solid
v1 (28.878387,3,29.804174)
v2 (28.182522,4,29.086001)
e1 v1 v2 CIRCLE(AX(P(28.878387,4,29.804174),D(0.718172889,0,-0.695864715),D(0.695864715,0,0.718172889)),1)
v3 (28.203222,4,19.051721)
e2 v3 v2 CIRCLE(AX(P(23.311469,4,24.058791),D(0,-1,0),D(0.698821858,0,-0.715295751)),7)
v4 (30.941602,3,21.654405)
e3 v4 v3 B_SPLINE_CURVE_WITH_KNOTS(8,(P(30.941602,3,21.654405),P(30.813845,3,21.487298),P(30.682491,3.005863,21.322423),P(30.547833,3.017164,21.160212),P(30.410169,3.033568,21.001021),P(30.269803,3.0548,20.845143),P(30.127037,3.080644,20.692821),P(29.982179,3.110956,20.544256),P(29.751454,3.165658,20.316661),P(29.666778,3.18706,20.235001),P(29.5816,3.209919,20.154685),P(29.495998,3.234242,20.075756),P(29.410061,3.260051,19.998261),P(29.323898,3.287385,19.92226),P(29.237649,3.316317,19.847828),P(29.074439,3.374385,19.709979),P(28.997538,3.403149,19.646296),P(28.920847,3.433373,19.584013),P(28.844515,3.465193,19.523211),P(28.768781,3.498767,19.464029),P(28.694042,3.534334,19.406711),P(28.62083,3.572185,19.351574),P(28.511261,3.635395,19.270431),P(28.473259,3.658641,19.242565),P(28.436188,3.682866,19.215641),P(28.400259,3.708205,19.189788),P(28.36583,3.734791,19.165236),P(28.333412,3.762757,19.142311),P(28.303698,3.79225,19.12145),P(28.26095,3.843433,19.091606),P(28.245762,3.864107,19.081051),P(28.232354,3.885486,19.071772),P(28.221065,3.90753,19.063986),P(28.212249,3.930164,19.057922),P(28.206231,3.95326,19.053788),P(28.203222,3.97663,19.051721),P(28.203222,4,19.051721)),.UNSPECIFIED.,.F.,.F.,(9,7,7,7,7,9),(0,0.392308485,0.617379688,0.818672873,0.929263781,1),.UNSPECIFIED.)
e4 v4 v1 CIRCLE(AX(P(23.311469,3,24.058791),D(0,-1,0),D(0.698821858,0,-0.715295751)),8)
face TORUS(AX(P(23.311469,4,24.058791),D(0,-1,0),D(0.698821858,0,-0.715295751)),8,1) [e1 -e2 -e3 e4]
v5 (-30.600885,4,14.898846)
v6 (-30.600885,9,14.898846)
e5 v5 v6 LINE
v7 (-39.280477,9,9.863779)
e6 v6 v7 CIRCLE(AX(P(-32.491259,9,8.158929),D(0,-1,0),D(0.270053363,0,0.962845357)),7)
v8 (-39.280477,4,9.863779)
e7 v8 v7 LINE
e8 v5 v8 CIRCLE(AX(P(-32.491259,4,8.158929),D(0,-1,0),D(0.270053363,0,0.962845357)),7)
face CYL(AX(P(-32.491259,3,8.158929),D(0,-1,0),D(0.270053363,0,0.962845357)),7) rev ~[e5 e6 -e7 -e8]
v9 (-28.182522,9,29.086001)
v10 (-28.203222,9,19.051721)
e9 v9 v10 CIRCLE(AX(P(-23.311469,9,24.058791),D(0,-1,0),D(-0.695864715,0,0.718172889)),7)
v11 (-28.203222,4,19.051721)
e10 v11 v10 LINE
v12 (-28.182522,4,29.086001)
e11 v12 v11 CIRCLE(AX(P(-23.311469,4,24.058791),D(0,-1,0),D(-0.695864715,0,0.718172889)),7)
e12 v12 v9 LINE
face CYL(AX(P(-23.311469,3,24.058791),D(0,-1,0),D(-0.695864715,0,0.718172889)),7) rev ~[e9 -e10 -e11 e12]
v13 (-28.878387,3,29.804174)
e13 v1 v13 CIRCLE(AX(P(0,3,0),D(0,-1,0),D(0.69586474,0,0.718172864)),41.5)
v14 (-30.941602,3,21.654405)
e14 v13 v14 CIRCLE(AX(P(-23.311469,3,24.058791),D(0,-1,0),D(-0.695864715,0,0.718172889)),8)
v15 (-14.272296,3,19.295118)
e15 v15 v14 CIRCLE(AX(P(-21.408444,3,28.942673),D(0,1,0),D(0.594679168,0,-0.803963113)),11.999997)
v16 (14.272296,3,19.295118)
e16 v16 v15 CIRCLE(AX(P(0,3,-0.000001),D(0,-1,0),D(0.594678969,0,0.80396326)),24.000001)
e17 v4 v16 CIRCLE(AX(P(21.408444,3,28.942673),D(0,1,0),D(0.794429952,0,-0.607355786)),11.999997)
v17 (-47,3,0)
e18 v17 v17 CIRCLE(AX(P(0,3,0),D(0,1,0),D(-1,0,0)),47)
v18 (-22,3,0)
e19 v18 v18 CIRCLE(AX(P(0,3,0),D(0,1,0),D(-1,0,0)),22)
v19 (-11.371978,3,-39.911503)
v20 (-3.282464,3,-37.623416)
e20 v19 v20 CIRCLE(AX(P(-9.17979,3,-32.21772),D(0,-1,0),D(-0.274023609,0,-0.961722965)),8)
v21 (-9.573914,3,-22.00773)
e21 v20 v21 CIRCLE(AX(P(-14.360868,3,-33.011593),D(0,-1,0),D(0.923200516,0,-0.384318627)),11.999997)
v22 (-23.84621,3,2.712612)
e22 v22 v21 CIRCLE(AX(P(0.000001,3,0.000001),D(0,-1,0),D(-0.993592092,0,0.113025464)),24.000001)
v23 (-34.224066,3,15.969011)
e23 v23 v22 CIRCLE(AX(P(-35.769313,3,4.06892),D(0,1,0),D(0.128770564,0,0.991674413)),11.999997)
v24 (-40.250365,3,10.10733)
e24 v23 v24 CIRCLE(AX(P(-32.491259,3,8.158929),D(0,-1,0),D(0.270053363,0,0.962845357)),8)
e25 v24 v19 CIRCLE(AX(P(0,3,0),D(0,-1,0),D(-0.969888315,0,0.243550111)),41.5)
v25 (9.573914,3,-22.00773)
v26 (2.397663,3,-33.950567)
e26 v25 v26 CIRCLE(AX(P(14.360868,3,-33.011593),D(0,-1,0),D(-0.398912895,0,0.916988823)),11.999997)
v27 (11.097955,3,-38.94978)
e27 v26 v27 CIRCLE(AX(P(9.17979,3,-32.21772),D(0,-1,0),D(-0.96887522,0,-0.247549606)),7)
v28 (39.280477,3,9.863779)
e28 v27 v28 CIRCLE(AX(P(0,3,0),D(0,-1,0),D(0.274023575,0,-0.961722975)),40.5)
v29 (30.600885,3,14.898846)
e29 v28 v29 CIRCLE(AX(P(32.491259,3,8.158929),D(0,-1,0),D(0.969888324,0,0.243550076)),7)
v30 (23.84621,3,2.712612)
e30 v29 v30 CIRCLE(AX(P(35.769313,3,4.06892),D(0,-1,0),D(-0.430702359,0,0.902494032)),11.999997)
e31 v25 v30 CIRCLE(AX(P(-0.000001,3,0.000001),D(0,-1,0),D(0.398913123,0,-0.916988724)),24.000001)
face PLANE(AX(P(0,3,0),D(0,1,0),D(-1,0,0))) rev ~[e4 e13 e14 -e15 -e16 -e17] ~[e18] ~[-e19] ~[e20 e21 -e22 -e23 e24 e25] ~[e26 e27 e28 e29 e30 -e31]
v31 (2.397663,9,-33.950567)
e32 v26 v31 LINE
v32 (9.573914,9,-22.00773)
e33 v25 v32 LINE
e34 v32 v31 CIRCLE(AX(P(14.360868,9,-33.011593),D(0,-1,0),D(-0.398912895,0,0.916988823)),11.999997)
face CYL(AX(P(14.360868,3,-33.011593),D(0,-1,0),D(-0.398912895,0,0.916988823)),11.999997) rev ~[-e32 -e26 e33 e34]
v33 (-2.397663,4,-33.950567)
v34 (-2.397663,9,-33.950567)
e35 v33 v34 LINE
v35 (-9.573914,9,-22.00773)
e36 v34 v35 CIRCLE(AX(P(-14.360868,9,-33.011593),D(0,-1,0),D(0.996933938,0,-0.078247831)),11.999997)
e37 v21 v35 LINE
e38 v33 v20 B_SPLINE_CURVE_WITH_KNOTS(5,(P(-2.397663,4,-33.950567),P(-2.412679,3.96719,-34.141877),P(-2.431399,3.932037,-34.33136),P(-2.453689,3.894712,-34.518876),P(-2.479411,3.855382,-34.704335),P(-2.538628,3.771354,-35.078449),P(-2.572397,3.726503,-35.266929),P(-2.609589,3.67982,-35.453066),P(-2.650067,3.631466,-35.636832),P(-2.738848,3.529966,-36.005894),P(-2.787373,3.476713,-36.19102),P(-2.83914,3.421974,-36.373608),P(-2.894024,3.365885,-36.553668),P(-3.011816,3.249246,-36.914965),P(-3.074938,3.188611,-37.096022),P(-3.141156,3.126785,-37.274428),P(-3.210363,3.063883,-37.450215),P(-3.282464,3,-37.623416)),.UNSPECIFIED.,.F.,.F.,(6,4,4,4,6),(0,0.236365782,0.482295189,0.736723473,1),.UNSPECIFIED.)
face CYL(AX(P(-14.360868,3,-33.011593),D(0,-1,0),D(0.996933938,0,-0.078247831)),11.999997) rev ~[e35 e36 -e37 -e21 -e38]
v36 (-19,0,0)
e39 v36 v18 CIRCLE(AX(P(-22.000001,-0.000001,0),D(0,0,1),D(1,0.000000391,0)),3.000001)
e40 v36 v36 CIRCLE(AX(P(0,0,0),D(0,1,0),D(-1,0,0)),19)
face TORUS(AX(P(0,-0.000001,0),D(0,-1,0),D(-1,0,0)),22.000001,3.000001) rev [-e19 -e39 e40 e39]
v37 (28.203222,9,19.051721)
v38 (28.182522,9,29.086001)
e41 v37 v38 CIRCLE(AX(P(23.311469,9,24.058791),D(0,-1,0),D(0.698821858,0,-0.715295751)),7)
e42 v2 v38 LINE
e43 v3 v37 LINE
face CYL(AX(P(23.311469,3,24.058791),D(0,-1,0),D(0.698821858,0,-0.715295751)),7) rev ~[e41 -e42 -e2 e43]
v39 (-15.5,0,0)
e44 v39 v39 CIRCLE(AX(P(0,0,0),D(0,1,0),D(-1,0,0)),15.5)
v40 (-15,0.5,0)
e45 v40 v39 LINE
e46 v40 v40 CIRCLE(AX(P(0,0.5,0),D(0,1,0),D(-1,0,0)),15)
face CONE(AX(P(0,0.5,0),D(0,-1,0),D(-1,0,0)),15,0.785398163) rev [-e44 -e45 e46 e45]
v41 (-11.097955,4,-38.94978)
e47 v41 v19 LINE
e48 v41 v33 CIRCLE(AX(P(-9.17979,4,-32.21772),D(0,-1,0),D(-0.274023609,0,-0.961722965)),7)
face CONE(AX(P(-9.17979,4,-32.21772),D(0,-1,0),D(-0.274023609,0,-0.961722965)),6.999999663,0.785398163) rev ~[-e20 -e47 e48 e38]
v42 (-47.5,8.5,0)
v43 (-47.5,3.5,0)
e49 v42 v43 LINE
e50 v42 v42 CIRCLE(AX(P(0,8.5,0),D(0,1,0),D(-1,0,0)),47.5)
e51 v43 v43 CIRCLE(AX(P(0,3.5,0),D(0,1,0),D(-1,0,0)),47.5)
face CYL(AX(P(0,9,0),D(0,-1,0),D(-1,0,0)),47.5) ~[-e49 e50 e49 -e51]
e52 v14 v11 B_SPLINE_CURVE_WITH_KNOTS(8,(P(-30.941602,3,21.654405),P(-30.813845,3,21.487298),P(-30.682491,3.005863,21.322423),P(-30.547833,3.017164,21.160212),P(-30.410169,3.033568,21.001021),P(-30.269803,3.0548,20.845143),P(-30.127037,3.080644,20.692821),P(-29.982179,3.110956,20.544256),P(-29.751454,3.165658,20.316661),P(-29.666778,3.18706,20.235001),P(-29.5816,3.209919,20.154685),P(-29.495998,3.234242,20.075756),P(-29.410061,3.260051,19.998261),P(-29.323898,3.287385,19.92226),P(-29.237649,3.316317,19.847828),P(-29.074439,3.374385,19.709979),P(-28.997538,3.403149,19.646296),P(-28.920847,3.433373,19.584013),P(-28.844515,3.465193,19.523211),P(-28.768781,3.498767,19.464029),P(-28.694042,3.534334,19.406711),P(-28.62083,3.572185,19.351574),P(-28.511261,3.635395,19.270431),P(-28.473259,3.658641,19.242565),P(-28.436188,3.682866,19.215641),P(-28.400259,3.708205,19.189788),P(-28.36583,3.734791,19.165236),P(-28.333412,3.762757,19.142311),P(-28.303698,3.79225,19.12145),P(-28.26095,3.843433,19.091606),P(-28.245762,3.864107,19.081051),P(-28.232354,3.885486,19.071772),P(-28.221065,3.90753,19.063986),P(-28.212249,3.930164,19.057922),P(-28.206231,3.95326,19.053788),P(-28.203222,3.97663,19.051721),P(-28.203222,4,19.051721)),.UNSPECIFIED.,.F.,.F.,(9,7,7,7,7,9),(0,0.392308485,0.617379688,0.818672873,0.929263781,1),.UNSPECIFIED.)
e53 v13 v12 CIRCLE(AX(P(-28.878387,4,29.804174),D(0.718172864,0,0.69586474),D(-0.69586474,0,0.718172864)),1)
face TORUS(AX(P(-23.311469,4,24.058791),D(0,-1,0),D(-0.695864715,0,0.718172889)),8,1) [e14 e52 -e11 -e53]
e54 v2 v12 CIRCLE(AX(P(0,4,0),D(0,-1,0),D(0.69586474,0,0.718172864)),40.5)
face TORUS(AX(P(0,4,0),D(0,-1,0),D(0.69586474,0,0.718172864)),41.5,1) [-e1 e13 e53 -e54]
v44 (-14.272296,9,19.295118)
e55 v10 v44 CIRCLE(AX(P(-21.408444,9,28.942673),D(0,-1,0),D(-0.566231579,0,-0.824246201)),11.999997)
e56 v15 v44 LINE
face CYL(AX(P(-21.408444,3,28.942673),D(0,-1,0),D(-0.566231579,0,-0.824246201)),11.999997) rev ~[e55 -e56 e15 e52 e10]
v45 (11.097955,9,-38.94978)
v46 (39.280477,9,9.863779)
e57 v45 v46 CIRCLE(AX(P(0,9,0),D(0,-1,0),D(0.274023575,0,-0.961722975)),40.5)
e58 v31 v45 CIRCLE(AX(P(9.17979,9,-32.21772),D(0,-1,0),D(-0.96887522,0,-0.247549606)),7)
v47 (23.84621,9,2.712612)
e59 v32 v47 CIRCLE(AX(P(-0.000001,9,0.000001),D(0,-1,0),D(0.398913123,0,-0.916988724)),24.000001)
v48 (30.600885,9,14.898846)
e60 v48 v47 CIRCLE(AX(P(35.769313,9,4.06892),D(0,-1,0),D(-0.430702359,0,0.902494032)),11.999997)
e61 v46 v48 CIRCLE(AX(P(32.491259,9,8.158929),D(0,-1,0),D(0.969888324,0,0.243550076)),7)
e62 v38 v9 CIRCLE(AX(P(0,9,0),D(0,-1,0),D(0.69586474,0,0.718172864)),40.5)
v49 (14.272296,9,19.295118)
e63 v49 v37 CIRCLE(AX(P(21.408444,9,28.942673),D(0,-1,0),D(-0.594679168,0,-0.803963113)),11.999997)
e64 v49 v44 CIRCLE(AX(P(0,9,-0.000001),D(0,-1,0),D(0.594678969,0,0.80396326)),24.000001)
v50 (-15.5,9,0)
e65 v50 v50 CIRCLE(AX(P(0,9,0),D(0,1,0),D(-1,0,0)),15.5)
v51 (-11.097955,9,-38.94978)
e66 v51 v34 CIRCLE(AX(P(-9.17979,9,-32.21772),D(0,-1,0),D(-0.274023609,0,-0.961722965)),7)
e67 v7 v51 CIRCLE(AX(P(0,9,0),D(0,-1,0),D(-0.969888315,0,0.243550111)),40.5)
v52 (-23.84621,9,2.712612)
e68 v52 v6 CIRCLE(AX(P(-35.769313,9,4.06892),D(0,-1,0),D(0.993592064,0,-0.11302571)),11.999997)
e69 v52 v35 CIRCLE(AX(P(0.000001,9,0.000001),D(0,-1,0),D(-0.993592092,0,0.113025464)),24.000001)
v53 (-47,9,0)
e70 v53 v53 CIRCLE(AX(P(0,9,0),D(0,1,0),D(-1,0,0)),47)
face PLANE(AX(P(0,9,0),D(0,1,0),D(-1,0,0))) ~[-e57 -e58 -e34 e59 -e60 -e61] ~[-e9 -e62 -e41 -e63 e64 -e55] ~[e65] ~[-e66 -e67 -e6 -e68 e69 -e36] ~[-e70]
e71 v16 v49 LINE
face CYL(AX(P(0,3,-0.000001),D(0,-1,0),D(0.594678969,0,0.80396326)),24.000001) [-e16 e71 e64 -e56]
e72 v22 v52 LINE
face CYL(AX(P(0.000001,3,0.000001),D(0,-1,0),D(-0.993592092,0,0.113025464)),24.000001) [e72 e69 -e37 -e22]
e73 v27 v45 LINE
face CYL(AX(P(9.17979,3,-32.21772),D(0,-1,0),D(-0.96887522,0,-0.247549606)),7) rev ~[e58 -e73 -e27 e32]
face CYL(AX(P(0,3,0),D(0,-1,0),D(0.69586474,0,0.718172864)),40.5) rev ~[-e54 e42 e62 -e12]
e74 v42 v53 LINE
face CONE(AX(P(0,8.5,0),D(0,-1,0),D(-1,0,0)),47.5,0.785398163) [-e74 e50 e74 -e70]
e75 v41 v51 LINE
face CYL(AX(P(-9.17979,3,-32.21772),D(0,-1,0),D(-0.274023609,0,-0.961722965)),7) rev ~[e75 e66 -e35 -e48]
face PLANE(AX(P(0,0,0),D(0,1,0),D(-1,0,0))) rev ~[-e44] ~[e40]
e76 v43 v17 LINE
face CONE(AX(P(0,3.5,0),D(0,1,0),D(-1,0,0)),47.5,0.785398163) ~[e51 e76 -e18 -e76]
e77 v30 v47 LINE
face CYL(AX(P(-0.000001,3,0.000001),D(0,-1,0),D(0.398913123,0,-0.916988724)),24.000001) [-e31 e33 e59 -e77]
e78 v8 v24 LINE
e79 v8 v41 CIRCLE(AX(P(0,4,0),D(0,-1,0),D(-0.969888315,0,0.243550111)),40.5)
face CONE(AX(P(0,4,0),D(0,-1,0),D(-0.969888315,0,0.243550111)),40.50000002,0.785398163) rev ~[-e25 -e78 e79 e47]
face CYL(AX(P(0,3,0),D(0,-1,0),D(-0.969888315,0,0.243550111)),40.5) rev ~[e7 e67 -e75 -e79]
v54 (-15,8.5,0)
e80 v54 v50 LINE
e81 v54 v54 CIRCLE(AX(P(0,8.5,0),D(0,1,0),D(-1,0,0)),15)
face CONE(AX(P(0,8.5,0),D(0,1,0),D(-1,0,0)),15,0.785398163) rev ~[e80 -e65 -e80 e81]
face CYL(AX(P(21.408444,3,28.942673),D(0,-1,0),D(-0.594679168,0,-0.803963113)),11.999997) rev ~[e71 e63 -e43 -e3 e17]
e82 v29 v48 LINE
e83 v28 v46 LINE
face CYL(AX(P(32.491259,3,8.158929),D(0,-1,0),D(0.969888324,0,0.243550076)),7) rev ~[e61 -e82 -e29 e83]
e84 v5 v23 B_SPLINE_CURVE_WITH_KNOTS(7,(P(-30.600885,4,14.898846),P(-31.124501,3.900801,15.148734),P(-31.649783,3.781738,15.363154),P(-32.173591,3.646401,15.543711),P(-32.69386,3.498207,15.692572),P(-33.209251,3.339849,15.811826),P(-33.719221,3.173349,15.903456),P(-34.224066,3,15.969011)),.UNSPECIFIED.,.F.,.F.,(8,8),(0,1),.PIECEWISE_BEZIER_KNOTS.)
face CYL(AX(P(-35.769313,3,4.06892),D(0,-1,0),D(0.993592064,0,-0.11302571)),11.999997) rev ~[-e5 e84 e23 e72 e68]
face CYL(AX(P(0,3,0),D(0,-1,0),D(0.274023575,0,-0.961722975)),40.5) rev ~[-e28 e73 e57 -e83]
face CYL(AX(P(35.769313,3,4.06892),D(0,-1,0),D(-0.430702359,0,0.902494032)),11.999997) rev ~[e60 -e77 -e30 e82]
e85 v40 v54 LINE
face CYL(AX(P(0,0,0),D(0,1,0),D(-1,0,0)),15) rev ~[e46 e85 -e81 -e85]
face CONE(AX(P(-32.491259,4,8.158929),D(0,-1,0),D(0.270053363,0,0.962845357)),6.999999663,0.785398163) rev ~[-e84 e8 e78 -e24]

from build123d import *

# Parameters (mm, degrees)
CHAMFER_SIZE       = 0.5
CHAMFER001_SIZE    = 0.5
CHAMFER002_SIZE    = 0.5
CHAMFER003_SIZE    = 0.5
POCKET_DEPTH       = 275.303804
POLARPATTERN_COUNT = 3
CHAMFER004_SIZE    = 1
FILLET_R           = 1


with BuildPart() as part:
    # Sketch → Revolution (revolve)
    with BuildSketch(Plane.XY):
        with BuildLine():
            Line((-15, 9), (-47.5, 9))
            Line((-47.5, 9), (-47.5, 3))
            Line((-47.5, 3), (-22, 3))
            ThreePointArc((-19, 0), (-19.87868, 2.12132), (-22, 3))
            Line((-19, 0), (-15, 0))
            Line((-15, 0), (-15, 9))
        make_face()
    revolve(axis=Axis((0, 0, 0), (0, 1, 0)))

    # Chamfer
    chamfer_edges = [part.edges().sort_by_distance(p)[0] for p in [
        (47.5, 3, 0),
    ]]
    chamfer(chamfer_edges, length=CHAMFER_SIZE)

    # Chamfer001
    chamfer001_edges = [part.edges().sort_by_distance(p)[0] for p in [
        (47.5, 9, 0),
    ]]
    chamfer(chamfer001_edges, length=CHAMFER001_SIZE)

    # Chamfer002
    chamfer002_edges = [part.edges().sort_by_distance(p)[0] for p in [
        (15, 0, 0),
    ]]
    chamfer(chamfer002_edges, length=CHAMFER002_SIZE)

    # Chamfer003
    chamfer003_edges = [part.edges().sort_by_distance(p)[0] for p in [
        (15, 9, 0),
    ]]
    chamfer(chamfer003_edges, length=CHAMFER003_SIZE)

    # Sketch001 (on Face9 of Chamfer003) → Pocket (cut, through all)
    with BuildSketch(Plane.XZ.offset(-3)):
        with BuildLine():
            ThreePointArc((28.182522, 29.086001), (0, 40.5), (-28.182522, 29.086001))
            ThreePointArc((-28.182522, 29.086001), (-30.311454, 24.073232), (-28.203222, 19.051721))
            ThreePointArc((-28.203222, 19.051721), (-21.198816, 16.944507), (-14.272296, 19.295118))
            ThreePointArc((14.272296, 19.295118), (0, 24), (-14.272296, 19.295118))
            ThreePointArc((14.272296, 19.295118), (21.198816, 16.944507), (28.203222, 19.051721))
            ThreePointArc((28.203222, 19.051721), (30.311454, 24.073232), (28.182522, 29.086001))
        make_face()
    pocket = extrude(amount=-POCKET_DEPTH, mode=Mode.SUBTRACT)

    # PolarPattern: Pocket ×3 about axis
    polarpattern_axis = Axis((0, 3, 0), (0, -1, 0))
    for i in range(1, POLARPATTERN_COUNT):
        add(pocket.rotate(polarpattern_axis, i * 360 / POLARPATTERN_COUNT), mode=Mode.SUBTRACT)

    # Chamfer004
    chamfer004_edges = [part.edges().sort_by_distance(p)[0] for p in [
        (-35.074029, 3, -20.25),
    ]]
    chamfer(chamfer004_edges, length=CHAMFER004_SIZE)

    # Fillet
    fillet_edges = [part.edges().sort_by_distance(p)[0] for p in [
        (0, 3, 40.5),
    ]]
    fillet(fillet_edges, radius=FILLET_R)


solid = part.part
